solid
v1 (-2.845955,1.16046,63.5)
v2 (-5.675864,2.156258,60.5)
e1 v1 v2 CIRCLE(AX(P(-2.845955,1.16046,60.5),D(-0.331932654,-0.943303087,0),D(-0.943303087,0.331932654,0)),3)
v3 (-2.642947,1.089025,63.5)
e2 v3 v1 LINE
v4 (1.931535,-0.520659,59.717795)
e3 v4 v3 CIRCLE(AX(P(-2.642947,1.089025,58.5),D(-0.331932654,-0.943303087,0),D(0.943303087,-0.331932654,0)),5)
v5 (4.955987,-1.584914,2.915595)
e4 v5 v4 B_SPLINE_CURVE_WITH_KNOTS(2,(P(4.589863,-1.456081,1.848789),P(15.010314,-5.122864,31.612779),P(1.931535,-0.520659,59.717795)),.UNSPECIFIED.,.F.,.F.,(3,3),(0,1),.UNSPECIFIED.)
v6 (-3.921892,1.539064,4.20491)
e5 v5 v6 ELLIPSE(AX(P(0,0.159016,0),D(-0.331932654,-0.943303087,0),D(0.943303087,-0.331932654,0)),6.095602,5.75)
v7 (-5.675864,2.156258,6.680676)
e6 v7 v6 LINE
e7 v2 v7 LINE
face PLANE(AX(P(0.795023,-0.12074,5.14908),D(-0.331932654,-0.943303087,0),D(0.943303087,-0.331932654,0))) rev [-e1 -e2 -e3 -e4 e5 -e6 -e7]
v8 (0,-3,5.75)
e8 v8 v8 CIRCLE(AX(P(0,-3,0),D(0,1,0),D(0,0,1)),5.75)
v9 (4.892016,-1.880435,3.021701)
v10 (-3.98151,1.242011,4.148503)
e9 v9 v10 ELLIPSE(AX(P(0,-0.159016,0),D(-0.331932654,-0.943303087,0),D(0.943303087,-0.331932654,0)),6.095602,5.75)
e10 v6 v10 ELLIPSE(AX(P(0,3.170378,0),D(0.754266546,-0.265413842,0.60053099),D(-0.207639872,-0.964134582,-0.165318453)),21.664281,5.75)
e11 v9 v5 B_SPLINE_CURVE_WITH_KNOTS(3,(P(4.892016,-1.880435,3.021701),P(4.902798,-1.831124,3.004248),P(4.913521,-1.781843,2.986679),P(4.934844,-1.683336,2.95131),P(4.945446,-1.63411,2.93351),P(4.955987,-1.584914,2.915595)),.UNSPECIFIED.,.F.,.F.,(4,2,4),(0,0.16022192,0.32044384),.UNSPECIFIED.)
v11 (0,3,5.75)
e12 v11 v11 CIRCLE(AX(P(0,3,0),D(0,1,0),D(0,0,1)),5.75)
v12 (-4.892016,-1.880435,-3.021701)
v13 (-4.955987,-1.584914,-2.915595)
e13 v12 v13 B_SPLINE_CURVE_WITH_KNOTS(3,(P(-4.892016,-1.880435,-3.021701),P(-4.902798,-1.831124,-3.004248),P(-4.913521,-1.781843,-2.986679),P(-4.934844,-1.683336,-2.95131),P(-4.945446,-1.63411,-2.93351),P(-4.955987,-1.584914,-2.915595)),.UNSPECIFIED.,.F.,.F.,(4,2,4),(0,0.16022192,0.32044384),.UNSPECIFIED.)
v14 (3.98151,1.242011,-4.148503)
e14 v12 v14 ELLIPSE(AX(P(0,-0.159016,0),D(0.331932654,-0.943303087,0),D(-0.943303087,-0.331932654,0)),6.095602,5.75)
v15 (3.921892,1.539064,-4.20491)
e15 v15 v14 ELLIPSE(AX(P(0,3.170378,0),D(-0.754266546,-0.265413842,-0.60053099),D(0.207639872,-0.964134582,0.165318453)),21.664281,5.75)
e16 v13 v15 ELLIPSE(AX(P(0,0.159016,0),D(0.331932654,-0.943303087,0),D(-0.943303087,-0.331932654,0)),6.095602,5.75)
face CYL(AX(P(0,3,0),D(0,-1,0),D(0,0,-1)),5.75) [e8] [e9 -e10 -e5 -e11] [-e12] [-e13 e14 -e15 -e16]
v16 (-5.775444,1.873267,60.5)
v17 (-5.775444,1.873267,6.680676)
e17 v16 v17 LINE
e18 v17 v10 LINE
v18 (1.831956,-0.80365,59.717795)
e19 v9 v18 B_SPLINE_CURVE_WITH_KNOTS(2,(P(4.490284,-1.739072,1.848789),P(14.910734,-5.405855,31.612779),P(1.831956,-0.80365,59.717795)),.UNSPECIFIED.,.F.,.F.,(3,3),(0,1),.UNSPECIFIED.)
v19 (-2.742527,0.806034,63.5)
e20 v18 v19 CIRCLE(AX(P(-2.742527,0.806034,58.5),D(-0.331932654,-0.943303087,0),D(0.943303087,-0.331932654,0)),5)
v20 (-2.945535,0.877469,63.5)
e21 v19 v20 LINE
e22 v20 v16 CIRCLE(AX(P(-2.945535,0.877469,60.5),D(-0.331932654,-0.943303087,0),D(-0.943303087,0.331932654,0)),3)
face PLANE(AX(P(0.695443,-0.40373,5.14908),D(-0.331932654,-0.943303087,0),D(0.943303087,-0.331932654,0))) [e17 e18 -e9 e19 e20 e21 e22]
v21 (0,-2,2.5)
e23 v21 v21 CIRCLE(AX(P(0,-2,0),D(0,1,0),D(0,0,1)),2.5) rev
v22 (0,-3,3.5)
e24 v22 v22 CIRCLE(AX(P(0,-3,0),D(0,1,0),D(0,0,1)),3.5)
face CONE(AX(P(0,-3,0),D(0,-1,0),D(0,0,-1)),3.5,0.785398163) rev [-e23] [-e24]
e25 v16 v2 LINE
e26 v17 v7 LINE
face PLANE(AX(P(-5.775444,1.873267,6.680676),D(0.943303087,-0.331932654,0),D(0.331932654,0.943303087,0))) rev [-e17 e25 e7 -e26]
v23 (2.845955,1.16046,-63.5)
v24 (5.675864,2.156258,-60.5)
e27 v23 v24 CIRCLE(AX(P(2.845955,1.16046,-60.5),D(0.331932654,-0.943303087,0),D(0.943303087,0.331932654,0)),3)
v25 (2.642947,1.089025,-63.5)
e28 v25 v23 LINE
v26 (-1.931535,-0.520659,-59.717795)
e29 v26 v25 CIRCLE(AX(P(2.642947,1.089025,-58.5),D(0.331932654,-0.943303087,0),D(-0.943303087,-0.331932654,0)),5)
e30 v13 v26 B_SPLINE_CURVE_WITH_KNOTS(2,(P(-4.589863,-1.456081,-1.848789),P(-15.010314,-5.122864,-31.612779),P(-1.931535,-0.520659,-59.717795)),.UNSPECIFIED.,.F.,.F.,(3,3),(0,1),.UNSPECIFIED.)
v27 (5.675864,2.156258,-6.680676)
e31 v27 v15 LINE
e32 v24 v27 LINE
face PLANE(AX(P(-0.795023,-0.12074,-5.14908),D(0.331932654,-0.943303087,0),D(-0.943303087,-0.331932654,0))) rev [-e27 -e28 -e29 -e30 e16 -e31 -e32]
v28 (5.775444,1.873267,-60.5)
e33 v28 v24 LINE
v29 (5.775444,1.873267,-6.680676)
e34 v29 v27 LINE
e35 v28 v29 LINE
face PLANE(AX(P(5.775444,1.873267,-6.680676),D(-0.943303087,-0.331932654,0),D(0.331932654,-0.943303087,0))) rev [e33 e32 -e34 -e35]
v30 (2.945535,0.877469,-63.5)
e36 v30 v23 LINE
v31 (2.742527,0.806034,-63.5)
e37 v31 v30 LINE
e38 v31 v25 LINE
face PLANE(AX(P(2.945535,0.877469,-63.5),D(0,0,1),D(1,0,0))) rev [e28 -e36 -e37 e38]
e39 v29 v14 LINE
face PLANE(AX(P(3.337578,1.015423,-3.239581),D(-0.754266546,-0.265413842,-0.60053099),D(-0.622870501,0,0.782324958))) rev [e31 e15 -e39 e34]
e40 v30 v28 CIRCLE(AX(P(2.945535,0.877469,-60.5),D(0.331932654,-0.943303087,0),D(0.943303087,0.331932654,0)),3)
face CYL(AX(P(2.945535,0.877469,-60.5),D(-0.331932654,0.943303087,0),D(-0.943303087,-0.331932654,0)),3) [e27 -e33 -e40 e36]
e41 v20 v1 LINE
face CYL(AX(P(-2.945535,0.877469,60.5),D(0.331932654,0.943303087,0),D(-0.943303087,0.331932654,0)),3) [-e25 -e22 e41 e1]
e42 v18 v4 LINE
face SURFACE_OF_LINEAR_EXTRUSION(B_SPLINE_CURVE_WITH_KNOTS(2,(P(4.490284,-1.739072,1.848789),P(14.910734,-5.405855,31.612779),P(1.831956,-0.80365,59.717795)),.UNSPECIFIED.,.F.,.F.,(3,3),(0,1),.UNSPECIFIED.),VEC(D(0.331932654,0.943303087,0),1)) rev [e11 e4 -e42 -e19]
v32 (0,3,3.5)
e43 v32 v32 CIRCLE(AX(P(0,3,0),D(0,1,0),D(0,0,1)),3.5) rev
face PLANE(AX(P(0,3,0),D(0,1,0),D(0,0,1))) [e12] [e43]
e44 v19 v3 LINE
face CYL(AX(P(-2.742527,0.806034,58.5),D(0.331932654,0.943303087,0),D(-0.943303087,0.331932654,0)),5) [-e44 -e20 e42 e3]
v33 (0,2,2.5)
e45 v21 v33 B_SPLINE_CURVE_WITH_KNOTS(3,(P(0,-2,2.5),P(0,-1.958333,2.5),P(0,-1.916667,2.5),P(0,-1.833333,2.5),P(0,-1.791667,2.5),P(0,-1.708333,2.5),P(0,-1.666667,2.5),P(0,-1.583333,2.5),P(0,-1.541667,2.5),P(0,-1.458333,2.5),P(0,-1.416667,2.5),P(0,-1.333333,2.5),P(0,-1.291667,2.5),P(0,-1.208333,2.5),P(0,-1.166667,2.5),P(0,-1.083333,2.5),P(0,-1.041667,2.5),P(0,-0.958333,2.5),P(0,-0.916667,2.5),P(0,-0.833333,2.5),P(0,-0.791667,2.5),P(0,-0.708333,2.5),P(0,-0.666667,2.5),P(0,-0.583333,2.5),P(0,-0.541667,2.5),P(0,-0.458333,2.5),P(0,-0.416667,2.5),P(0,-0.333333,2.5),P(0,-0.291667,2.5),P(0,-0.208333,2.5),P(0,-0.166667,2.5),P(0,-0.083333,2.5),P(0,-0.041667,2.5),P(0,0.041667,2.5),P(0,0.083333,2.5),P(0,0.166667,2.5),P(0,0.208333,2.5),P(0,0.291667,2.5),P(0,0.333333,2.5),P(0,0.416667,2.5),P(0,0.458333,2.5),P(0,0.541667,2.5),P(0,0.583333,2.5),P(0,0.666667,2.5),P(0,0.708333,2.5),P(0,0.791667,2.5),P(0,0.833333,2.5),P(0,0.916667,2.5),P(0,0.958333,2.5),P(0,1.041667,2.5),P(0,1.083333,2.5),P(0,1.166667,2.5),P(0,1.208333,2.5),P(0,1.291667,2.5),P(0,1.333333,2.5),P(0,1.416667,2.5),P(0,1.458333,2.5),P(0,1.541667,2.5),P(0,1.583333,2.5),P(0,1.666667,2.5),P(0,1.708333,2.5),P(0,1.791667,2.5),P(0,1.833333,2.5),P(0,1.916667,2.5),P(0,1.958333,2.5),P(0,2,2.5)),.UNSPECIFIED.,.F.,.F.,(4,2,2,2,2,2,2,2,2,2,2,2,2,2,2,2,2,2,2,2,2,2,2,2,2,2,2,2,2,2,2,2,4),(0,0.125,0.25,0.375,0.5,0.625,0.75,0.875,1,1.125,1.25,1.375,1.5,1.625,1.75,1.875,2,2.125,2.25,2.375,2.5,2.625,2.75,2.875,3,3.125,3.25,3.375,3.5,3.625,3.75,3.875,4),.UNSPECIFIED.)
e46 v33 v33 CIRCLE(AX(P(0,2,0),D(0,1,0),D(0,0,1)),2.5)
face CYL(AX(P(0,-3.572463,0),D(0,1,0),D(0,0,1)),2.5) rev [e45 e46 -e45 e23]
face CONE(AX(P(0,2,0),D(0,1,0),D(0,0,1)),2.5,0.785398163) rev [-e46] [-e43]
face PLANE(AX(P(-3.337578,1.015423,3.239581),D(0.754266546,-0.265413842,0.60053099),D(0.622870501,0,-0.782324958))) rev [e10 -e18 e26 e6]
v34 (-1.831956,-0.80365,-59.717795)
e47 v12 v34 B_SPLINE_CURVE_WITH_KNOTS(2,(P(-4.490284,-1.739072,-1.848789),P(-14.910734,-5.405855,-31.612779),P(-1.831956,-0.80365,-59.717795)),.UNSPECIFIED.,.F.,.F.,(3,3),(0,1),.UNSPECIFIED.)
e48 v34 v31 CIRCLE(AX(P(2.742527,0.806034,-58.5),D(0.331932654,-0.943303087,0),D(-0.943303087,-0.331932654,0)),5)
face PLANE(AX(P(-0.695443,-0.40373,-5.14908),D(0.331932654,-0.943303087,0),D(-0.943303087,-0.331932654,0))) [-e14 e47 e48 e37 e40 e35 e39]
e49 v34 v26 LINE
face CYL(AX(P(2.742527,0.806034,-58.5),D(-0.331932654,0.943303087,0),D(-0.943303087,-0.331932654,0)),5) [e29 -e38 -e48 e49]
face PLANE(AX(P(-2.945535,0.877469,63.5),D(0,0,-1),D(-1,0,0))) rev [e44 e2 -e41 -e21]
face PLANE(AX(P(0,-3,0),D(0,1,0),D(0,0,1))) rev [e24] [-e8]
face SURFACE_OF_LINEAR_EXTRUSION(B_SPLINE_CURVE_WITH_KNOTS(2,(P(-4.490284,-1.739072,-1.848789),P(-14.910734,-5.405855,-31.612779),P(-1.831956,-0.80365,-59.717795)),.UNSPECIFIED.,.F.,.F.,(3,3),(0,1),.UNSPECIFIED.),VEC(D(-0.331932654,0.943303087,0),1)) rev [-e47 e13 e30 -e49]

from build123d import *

# Parameters (mm, degrees)
SKETCH1_R           = 5.75
BOSS_EXTRUDE1_DEPTH = 3
BOSS_EXTRUDE2_DEPTH = 0.15
CIRPATTERN1_COUNT   = 2
SKETCH4_R           = 2.5
CUT_EXTRUDE1_DEPTH  = 65.47946021
CHAMFER1_SIZE       = 1


with BuildPart() as part:
    # Sketch1 → Boss-Extrude1 (new, symmetric)
    with BuildSketch(Plane(origin=(0, 0, 0), x_dir=(1, 0, 0), z_dir=(0, 1, 0))):
        with Locations(Location((0, 0, 0), (0, 0, 270))):
            Circle(SKETCH1_R)
    extrude(amount=BOSS_EXTRUDE1_DEPTH, both=True)

    # Sketch3 → Boss-Extrude2 (add, symmetric)
    with BuildSketch(Plane(origin=(0, 0, 0), x_dir=(0.9433030867471315, -0.3319326536111411, 0), z_dir=(-0.3319326536111411, -0.9433030867471315, 0))):
        with BuildLine():
            Line((-3.485399679, 3.239580817), (-6.069792392, 6.68067591))
            Line((-6.069792392, 6.68067591), (-6.069792392, 60.5))
            ThreePointArc((-6.069792392, 60.5), (-5.191112735, 62.621320344), (-3.069792392, 63.5))
            Line((-3.069792392, 63.5), (-2.854583135, 63.5))
            ThreePointArc((-2.854583135, 63.5), (0.220398514, 62.442649853), (1.994847243, 59.717795145))
            add(Edge.make_bspline(
                [(1.994847243, 59.717795145), (15.859721153, 31.612778986), (4.812953003, 1.848788557)],
                knots=[0, 0, 0, 1, 1, 1], degree=2))
            add(Edge.make_bspline(
                [(-3.485399679, 3.239580817), (0.91627292, 7.753975077), (4.812953003, 1.848788557)],
                knots=[0, 0, 0, 1, 1, 1], degree=2))
        make_face()
    boss_extrude2 = extrude(amount=BOSS_EXTRUDE2_DEPTH, both=True)

    # CirPattern1: Boss-Extrude2 ×2 about axis
    cirpattern1_axis = Axis((0, 3, 0), (0, -1, 0))
    for i in range(1, CIRPATTERN1_COUNT):
        add(boss_extrude2.rotate(cirpattern1_axis, i * 360 / CIRPATTERN1_COUNT))

    # Sketch4 → Cut-Extrude1 (cut, through all)
    with BuildSketch(Plane(origin=(0, 3, 0), x_dir=(1, 0, 0), z_dir=(0, 1, 0))):
        with Locations(Location((0, 0, 0), (0, 0, 270))):
            Circle(SKETCH4_R)
    extrude(amount=-CUT_EXTRUDE1_DEPTH, mode=Mode.SUBTRACT)

    # Chamfer1
    chamfer1_edges = [part.edges().sort_by_distance(p)[0] for p in [
        (0, -3, -2.5),
        (0, 3, -2.5),
    ]]
    chamfer(chamfer1_edges, length=CHAMFER1_SIZE)


solid = part.part
